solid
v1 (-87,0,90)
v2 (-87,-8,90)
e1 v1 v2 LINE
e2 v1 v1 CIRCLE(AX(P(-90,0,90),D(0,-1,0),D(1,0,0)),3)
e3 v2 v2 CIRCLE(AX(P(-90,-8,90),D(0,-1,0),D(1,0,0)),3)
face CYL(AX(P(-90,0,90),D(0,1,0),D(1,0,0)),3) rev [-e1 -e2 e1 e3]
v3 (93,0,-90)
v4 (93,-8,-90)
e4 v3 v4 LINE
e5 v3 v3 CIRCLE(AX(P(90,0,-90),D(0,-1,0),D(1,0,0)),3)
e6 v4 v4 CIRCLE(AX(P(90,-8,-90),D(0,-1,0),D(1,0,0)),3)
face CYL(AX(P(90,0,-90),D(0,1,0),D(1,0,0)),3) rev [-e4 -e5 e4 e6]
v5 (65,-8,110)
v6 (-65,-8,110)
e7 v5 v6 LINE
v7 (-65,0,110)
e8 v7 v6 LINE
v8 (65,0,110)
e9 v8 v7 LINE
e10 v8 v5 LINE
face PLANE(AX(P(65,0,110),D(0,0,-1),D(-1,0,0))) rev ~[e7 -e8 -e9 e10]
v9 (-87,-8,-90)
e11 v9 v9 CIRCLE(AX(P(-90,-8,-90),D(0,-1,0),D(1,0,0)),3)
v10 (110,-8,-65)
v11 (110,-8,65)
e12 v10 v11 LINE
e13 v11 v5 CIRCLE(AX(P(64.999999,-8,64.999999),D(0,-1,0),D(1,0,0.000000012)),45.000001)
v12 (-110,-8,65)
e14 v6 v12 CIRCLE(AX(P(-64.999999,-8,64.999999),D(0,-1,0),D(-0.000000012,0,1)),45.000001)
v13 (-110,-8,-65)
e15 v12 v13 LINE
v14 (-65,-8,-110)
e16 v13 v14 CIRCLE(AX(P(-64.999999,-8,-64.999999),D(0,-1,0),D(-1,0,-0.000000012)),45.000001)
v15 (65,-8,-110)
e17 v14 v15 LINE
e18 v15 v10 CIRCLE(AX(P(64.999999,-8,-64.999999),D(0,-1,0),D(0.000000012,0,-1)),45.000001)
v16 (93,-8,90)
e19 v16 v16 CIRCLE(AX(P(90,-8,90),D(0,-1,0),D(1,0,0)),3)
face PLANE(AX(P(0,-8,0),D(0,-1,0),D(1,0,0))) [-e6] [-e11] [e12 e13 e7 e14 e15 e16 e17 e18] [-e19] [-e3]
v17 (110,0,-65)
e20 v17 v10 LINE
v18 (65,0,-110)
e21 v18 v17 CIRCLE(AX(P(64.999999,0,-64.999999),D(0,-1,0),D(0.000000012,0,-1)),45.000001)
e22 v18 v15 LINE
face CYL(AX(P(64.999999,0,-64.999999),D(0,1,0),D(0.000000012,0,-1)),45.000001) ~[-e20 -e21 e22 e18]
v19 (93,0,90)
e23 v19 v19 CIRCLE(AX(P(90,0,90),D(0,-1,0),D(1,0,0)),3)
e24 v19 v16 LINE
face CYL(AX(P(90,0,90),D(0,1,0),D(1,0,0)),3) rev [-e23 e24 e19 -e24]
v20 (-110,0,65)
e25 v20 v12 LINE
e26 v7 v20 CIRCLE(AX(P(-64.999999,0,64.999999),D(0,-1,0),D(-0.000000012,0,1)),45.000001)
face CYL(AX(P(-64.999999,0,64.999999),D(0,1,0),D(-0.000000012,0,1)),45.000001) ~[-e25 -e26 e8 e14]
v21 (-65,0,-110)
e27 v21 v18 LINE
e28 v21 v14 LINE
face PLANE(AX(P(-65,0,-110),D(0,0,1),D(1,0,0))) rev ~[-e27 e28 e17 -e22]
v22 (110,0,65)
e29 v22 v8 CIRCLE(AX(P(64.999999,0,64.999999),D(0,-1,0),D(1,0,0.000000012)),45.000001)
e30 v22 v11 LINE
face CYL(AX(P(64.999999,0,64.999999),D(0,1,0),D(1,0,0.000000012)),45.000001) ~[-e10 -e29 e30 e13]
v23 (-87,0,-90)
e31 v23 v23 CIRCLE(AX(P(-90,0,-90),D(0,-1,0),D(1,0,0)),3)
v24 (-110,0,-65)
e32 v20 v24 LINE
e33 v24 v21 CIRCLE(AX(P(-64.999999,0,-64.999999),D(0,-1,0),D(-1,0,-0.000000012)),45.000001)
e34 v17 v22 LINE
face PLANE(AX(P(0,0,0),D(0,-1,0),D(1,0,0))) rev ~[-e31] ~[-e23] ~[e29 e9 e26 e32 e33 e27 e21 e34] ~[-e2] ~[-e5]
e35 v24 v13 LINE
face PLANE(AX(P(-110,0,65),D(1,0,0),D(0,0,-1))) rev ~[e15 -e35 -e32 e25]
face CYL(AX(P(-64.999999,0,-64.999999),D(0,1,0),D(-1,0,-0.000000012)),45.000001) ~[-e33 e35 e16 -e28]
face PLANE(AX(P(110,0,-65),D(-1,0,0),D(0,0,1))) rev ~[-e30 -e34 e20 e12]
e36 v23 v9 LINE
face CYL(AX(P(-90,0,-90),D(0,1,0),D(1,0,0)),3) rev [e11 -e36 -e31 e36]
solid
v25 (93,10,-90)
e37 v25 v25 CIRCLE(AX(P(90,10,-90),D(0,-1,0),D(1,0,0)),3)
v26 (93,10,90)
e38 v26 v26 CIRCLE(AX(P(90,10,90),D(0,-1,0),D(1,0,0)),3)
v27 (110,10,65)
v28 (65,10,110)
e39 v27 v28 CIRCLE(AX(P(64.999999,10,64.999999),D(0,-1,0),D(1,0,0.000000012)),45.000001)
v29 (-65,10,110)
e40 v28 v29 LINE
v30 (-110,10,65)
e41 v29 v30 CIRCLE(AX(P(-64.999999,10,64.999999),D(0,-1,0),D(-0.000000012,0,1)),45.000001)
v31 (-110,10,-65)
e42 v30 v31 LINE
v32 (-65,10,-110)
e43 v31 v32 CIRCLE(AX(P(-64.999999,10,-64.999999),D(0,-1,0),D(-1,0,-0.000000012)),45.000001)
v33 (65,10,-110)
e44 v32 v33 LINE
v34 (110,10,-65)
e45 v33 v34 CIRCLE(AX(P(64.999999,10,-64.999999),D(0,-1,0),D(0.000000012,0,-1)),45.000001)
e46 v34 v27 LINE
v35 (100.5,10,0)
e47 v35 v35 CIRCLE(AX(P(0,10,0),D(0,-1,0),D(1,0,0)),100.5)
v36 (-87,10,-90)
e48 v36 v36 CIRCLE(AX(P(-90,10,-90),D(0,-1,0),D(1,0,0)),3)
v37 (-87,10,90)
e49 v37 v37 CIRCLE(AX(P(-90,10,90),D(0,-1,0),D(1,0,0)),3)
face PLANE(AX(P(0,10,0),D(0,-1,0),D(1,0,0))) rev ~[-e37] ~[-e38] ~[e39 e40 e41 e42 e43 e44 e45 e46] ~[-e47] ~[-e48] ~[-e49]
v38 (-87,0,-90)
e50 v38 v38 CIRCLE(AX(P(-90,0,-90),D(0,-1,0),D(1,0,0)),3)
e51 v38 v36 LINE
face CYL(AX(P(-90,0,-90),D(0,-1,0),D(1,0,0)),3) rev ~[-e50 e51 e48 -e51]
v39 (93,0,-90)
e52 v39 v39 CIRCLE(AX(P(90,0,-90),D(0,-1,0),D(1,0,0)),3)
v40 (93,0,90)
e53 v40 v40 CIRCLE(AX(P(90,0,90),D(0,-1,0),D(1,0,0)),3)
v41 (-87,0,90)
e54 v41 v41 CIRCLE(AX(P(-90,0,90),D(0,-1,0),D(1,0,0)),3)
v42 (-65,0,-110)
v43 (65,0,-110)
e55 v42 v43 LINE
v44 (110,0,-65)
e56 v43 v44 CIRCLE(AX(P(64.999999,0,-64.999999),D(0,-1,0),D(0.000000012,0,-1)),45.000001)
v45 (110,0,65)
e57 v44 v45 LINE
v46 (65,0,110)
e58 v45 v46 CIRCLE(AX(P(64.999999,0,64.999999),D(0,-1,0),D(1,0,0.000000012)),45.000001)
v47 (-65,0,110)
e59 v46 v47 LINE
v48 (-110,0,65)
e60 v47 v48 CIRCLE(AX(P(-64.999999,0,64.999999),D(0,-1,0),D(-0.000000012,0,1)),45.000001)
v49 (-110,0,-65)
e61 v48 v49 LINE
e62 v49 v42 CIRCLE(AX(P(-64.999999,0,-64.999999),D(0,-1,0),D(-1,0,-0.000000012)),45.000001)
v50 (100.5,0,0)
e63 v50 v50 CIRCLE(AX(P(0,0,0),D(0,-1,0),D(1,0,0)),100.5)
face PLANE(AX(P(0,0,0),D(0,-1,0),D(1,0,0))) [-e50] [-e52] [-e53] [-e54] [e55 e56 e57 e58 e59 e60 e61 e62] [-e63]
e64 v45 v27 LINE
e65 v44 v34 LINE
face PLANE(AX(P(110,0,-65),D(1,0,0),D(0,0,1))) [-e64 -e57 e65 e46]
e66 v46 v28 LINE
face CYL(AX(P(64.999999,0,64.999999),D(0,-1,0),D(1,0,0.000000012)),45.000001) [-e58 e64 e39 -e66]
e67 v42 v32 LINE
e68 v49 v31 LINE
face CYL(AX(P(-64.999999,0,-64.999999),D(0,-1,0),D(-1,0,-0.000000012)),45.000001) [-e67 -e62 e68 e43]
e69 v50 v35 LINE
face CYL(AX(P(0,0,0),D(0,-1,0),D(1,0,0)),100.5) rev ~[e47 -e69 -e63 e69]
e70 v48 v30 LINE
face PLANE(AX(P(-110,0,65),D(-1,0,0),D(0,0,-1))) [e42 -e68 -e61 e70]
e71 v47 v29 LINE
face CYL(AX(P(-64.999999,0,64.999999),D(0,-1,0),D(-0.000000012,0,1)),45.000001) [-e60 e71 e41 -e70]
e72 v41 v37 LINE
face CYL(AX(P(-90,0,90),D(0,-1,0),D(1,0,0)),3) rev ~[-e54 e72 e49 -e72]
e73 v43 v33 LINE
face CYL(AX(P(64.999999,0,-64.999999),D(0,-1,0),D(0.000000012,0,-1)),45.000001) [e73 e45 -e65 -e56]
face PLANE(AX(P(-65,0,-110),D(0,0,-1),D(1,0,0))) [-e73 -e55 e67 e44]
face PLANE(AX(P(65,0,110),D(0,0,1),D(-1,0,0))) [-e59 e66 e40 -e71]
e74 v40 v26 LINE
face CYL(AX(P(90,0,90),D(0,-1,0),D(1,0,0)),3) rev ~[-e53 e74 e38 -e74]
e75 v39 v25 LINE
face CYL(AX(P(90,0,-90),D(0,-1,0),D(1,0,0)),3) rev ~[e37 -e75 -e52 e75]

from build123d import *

# Parameters (mm, degrees)
F0_R     = 3
F0_R_2   = 100.5
F1_DEPTH = 10
F2_DEPTH = 8


with BuildPart() as f1:
    # F0 (on Front) → F1 (new body)
    with BuildSketch(Plane.XZ):
        with BuildLine():
            Line((65, 110), (-65, 110))
            ThreePointArc((-65, 110), (-96.819805, 96.819805), (-110, 65))
            Line((-110, 65), (-110, -65))
            ThreePointArc((-110, -65), (-96.819805, -96.819805), (-65, -110))
            Line((-65, -110), (65, -110))
            ThreePointArc((65, -110), (96.819805, -96.819805), (110, -65))
            Line((110, -65), (110, 65))
            ThreePointArc((110, 65), (96.819805, 96.819805), (65, 110))
        make_face()
        with Locations((-90, -90)):
            Circle(F0_R, mode=Mode.SUBTRACT)
        with Locations((90, -90)):
            Circle(F0_R, mode=Mode.SUBTRACT)
        with Locations((-90, 90)):
            Circle(F0_R, mode=Mode.SUBTRACT)
        Circle(F0_R_2, mode=Mode.SUBTRACT)
        with Locations((90, 90)):
            Circle(F0_R, mode=Mode.SUBTRACT)
    extrude(amount=-F1_DEPTH)


with BuildPart() as f2:
    # F0 (on Front) → F2 (new body)
    with BuildSketch(Plane.XZ):
        with BuildLine():
            Line((65, 110), (-65, 110))
            ThreePointArc((-65, 110), (-96.819805, 96.819805), (-110, 65))
            Line((-110, 65), (-110, -65))
            ThreePointArc((-110, -65), (-96.819805, -96.819805), (-65, -110))
            Line((-65, -110), (65, -110))
            ThreePointArc((65, -110), (96.819805, -96.819805), (110, -65))
            Line((110, -65), (110, 65))
            ThreePointArc((110, 65), (96.819805, 96.819805), (65, 110))
        make_face()
        with Locations((-90, -90)):
            Circle(F0_R, mode=Mode.SUBTRACT)
        with Locations((90, -90)):
            Circle(F0_R, mode=Mode.SUBTRACT)
        with Locations((-90, 90)):
            Circle(F0_R, mode=Mode.SUBTRACT)
        Circle(F0_R_2, mode=Mode.SUBTRACT)
        with Locations((90, 90)):
            Circle(F0_R, mode=Mode.SUBTRACT)
        Circle(F0_R_2)
    extrude(amount=F2_DEPTH)


solid = Compound([f1.part, f2.part])
